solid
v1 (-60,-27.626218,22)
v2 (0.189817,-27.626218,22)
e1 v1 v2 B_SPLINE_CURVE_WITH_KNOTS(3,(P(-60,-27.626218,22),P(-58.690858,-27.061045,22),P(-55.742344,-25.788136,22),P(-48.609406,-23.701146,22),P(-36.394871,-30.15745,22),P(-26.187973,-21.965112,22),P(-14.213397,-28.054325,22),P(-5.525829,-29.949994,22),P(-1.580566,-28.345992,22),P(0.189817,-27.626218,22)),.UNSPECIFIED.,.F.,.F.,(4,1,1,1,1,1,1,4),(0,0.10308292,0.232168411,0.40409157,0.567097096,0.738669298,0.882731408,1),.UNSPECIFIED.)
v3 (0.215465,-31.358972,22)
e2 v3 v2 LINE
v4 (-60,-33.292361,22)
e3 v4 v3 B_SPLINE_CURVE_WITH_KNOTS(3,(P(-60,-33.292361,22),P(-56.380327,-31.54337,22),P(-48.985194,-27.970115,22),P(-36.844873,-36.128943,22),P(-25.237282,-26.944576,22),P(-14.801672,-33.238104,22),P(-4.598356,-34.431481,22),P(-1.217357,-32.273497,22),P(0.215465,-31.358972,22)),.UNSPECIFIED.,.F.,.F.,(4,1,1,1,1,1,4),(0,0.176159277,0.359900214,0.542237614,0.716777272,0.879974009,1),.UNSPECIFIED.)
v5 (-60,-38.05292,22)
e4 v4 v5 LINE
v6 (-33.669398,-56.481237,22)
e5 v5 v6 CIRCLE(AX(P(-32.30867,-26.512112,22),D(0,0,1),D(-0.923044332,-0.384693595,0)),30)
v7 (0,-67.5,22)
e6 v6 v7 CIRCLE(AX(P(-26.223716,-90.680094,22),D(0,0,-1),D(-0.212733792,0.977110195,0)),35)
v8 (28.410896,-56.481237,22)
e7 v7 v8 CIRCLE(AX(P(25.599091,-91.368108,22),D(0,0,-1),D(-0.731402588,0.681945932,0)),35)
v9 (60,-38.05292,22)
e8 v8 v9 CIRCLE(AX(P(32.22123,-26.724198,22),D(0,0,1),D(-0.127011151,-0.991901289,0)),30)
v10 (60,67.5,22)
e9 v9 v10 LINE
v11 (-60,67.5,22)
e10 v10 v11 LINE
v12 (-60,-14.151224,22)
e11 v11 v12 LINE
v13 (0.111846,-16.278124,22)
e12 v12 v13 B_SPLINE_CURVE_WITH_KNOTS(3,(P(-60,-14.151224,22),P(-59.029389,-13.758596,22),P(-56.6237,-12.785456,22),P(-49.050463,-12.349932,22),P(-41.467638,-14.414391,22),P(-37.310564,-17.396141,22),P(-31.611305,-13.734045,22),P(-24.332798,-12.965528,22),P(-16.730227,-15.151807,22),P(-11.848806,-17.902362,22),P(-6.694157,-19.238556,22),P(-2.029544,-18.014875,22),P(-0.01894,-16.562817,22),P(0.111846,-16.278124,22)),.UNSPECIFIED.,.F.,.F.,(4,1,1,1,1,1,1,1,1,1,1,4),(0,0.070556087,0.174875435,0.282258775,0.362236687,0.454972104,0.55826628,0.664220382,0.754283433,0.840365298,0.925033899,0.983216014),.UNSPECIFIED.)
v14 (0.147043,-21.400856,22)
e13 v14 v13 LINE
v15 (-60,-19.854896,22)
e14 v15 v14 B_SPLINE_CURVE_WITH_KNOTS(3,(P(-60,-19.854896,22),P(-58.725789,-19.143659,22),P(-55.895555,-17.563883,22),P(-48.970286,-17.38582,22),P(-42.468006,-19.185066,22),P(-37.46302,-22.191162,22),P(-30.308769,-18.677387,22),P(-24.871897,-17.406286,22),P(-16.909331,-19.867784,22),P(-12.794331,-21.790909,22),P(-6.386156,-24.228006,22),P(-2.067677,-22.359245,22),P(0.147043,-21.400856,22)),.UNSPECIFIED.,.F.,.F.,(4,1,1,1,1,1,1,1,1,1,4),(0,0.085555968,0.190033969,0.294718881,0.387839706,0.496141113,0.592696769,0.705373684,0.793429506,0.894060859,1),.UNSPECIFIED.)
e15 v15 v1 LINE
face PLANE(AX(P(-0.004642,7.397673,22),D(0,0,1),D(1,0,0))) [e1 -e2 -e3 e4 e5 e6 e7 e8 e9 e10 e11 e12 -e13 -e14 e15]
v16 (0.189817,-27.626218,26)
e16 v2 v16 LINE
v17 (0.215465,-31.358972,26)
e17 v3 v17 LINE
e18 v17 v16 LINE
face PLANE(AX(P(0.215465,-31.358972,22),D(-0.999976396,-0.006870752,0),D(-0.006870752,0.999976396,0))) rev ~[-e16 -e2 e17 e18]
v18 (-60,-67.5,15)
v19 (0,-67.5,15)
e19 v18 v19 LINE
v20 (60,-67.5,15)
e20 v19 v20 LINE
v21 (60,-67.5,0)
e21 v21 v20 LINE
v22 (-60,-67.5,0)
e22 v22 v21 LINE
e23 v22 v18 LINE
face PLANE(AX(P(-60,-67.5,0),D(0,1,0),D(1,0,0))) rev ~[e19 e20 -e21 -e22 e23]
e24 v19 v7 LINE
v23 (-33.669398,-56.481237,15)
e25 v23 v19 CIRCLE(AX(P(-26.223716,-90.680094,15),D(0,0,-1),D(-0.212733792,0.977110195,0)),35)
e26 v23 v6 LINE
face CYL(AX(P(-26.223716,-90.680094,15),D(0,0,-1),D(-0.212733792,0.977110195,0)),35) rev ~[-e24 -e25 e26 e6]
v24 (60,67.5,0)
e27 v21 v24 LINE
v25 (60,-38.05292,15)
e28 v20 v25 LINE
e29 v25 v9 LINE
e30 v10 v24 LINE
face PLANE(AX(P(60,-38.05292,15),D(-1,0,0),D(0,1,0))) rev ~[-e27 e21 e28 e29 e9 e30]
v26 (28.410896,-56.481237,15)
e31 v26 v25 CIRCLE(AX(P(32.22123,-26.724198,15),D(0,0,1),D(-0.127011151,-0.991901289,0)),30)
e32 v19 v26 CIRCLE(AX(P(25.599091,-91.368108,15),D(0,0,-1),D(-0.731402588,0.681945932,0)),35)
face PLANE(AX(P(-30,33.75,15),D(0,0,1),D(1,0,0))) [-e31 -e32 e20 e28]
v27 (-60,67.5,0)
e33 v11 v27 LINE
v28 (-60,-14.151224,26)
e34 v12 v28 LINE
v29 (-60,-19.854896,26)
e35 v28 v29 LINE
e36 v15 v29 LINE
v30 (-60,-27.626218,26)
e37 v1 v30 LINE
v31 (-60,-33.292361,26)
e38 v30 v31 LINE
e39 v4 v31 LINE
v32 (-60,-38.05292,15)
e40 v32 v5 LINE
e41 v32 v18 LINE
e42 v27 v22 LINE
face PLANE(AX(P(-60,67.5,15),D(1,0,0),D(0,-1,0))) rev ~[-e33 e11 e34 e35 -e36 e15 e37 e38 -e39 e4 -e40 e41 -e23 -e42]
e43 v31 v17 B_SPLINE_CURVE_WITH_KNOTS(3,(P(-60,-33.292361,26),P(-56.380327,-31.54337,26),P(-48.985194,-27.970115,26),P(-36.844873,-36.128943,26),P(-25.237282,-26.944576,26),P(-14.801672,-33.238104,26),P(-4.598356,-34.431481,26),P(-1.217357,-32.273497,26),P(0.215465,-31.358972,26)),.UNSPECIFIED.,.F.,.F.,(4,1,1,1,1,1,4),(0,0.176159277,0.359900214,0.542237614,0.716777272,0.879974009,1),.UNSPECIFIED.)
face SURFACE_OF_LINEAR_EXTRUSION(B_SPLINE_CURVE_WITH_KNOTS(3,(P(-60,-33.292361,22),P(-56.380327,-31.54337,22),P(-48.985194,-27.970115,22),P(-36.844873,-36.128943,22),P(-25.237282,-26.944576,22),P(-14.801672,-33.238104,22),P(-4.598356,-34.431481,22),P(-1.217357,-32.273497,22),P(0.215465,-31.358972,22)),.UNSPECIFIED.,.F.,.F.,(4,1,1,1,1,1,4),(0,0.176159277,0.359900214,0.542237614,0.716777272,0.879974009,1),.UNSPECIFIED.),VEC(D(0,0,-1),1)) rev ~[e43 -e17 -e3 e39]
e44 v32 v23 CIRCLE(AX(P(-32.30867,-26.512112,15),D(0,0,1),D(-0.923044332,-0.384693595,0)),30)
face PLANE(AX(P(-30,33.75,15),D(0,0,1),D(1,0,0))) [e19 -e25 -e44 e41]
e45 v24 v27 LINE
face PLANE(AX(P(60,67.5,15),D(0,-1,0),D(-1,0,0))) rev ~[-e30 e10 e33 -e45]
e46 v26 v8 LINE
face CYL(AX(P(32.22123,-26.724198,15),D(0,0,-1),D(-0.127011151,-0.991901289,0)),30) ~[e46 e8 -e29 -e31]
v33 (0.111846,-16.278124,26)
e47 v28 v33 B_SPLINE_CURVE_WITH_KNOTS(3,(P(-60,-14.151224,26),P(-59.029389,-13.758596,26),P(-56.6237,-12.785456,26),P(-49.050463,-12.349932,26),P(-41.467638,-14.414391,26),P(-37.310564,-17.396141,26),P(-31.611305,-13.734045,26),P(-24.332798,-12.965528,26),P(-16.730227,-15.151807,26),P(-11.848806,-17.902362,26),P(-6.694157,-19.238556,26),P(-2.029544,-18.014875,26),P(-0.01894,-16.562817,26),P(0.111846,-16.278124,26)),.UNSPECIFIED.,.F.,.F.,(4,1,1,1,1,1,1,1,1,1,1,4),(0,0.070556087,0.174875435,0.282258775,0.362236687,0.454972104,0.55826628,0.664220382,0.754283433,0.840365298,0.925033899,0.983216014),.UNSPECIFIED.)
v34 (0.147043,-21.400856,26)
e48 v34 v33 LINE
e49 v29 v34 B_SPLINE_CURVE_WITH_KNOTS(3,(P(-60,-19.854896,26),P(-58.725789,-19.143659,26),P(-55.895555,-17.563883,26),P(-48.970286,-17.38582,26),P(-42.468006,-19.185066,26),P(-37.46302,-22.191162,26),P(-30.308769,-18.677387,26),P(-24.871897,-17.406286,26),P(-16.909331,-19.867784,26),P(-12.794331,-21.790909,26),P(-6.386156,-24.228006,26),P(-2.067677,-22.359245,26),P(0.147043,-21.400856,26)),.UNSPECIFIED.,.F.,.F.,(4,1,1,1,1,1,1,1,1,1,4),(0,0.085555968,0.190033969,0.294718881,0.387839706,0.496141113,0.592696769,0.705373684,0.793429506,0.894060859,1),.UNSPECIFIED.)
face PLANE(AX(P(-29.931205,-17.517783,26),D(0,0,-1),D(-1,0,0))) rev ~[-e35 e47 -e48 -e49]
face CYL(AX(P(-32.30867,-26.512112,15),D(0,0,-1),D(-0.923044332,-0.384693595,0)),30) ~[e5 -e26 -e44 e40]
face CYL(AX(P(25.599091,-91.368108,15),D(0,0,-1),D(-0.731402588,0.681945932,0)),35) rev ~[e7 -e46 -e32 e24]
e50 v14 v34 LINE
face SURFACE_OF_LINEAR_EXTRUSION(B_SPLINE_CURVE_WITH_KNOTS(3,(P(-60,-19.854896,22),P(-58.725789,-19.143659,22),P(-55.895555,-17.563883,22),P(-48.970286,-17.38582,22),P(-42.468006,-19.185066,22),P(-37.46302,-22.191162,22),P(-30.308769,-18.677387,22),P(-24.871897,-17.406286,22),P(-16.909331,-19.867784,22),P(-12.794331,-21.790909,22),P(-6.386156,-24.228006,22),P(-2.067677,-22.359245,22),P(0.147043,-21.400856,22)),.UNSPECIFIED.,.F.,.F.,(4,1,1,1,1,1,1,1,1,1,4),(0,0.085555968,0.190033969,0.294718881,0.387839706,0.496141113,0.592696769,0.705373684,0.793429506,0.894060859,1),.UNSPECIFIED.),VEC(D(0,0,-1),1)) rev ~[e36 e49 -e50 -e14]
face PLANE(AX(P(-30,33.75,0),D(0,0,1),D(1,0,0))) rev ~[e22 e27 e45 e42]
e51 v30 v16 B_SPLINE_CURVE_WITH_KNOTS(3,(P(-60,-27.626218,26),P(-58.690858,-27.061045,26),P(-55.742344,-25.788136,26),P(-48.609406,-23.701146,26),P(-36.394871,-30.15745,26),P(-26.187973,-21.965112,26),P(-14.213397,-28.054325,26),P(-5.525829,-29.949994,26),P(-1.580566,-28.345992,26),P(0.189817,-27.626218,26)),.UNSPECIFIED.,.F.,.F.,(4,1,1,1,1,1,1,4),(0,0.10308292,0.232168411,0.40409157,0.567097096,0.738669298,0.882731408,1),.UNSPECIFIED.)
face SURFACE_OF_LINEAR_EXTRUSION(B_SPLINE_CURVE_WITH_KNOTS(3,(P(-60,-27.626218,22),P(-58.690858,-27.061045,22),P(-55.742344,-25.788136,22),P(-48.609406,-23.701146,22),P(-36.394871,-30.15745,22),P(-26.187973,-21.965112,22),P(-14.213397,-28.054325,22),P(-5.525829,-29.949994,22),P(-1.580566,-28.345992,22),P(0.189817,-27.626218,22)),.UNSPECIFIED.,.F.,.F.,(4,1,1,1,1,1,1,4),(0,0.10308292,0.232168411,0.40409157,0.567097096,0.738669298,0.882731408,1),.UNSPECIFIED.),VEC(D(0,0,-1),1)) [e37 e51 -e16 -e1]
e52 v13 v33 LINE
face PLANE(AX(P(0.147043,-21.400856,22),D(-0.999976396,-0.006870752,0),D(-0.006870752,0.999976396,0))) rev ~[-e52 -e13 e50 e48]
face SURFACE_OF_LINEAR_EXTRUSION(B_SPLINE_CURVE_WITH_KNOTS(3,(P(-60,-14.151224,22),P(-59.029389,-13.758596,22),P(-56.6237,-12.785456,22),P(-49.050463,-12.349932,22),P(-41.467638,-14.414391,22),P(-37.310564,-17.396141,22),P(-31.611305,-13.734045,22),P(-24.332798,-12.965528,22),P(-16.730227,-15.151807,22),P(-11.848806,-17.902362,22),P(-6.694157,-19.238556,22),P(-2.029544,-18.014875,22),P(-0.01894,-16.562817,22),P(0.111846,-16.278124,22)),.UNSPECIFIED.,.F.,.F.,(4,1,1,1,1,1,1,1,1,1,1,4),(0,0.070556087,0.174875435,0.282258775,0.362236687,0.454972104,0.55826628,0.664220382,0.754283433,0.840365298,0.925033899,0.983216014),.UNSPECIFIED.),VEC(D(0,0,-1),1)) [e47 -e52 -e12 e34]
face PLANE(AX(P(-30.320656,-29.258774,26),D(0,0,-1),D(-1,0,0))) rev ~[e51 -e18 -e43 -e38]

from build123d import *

# Parameters (mm, degrees)
F0_W     = 60
F0_H     = 67.5
F1_DEPTH = 15
F5_DEPTH = 7
F7_DEPTH = 4


with BuildPart() as f1:
    # F0 (on Top) → F1 (new body)
    with BuildSketch(Plane.XY):
        with Locations((-30, 33.75)):
            Rectangle(F0_W, F0_H)
        Polygon((60, 67.5), (0, 67.5), (0, 0), (5.9781013988, 0), (60, 0), align=None)
        with Locations((-30, -33.75)):
            Rectangle(F0_W, F0_H)
        Polygon((5.9781013988, 0), (0, 0), (0, -67.5), (60, -67.5), (60, 0), align=None)
    extrude(amount=F1_DEPTH)

    # F4 (on face) → F5 (join)
    with BuildSketch(Plane.XY.offset(15)):
        with BuildLine():
            Line((-60, 0), (-60, -38.0529202521))
            ThreePointArc((-60, -38.0529202521), (-49.5105953574, -51.0904314292), (-33.6693982898, -56.4812368343))
            ThreePointArc((-33.6693982898, -56.4812368343), (-15.3376274344, -57.4161028449), (0, -67.5))
            ThreePointArc((0, -67.5), (12.9433258402, -58.7363497884), (28.410895604, -56.4812368343))
            ThreePointArc((28.410895604, -56.4812368343), (47.3381804243, -52.6370871063), (60, -38.0529202521))
            Line((60, -38.0529202521), (60, 67.5))
            Line((60, 67.5), (-60, 67.5))
            Line((-60, 67.5), (-60, 0))
        make_face()
    extrude(amount=F5_DEPTH)

    # F6 (on face) → F7 (join)
    with BuildSketch(Plane.XY.offset(22)):
        with BuildLine():
            add(Edge.make_bspline(
                [(-60, -14.1512239352), (-59.0293889919, -13.7585961079), (-56.6236997139, -12.7854559454), (-49.0504631043, -12.3499323054), (-41.4676376213, -14.4143905876), (-37.310563853, -17.3961414407), (-31.6113048526, -13.7340453951), (-24.3327976689, -12.9655279158), (-16.730226682, -15.1518072312), (-11.848805959, -17.9023620476), (-6.6941574417, -19.2385563279), (-2.0295442031, -18.0148753376), (-0.0189397587, -16.5628165681), (0.1118455984, -16.2781241236)],
                knots=[0, 0, 0, 0, 0.0705560873, 0.1748754354, 0.2822587754, 0.3622366871, 0.454972104, 0.5582662803, 0.6642203819, 0.7542834332, 0.8403652981, 0.925033899, 0.9832160145, 0.9832160145, 0.9832160145, 0.9832160145], degree=3))
            Line((-60, -14.1512239352), (-60, -19.8548957705))
            add(Edge.make_bspline(
                [(-60, -19.8548957705), (-58.7257888093, -19.1436585072), (-55.8955547979, -17.5638827938), (-48.9702862444, -17.3858195386), (-42.4680056618, -19.1850661251), (-37.463020039, -22.1911615113), (-30.3087693341, -18.677386885), (-24.871896529, -17.4062862995), (-16.9093310744, -19.8677835147), (-12.7943307223, -21.7909091619), (-6.3861561614, -24.228006265), (-2.0676772483, -22.3592450119), (0.1470434485, -21.4008556559)],
                knots=[0, 0, 0, 0, 0.0855559678, 0.190033969, 0.2947188809, 0.3878397063, 0.4961411128, 0.5926967688, 0.7053736836, 0.7934295061, 0.8940608586, 1, 1, 1, 1], degree=3))
            Line((0.1470434485, -21.4008556559), (0.1118455984, -16.2781241236))
        make_face()
        with BuildLine():
            add(Edge.make_bspline(
                [(-60, -27.6262178335), (-58.6908579139, -27.0610454374), (-55.7423438806, -25.7881364393), (-48.6094061642, -23.7011458379), (-36.3948711424, -30.1574496981), (-26.1879734271, -21.9651117607), (-14.2133970996, -28.0543249168), (-5.5258287766, -29.9499942904), (-1.5805656805, -28.3459920046), (0.1898173795, -27.6262178335)],
                knots=[0, 0, 0, 0, 0.1030829205, 0.2321684107, 0.4040915702, 0.5670970962, 0.7386692977, 0.882731408, 1, 1, 1, 1], degree=3))
            Line((-60, -27.6262178335), (-60, -33.2923606038))
            add(Edge.make_bspline(
                [(-60, -33.2923606038), (-56.3803265128, -31.5433703048), (-48.9851936137, -27.9701154943), (-36.844872956, -36.1289431011), (-25.2372817337, -26.9445755845), (-14.8016717458, -33.2381042089), (-4.5983556928, -34.4314814953), (-1.2173570397, -32.2734966719), (0.2154648118, -31.358971667)],
                knots=[0, 0, 0, 0, 0.1761592769, 0.3599002143, 0.5422376138, 0.7167772716, 0.879974009, 1, 1, 1, 1], degree=3))
            Line((0.2154648118, -31.358971667), (0.1898173795, -27.6262178335))
        make_face()
    extrude(amount=F7_DEPTH)


solid = f1.part
